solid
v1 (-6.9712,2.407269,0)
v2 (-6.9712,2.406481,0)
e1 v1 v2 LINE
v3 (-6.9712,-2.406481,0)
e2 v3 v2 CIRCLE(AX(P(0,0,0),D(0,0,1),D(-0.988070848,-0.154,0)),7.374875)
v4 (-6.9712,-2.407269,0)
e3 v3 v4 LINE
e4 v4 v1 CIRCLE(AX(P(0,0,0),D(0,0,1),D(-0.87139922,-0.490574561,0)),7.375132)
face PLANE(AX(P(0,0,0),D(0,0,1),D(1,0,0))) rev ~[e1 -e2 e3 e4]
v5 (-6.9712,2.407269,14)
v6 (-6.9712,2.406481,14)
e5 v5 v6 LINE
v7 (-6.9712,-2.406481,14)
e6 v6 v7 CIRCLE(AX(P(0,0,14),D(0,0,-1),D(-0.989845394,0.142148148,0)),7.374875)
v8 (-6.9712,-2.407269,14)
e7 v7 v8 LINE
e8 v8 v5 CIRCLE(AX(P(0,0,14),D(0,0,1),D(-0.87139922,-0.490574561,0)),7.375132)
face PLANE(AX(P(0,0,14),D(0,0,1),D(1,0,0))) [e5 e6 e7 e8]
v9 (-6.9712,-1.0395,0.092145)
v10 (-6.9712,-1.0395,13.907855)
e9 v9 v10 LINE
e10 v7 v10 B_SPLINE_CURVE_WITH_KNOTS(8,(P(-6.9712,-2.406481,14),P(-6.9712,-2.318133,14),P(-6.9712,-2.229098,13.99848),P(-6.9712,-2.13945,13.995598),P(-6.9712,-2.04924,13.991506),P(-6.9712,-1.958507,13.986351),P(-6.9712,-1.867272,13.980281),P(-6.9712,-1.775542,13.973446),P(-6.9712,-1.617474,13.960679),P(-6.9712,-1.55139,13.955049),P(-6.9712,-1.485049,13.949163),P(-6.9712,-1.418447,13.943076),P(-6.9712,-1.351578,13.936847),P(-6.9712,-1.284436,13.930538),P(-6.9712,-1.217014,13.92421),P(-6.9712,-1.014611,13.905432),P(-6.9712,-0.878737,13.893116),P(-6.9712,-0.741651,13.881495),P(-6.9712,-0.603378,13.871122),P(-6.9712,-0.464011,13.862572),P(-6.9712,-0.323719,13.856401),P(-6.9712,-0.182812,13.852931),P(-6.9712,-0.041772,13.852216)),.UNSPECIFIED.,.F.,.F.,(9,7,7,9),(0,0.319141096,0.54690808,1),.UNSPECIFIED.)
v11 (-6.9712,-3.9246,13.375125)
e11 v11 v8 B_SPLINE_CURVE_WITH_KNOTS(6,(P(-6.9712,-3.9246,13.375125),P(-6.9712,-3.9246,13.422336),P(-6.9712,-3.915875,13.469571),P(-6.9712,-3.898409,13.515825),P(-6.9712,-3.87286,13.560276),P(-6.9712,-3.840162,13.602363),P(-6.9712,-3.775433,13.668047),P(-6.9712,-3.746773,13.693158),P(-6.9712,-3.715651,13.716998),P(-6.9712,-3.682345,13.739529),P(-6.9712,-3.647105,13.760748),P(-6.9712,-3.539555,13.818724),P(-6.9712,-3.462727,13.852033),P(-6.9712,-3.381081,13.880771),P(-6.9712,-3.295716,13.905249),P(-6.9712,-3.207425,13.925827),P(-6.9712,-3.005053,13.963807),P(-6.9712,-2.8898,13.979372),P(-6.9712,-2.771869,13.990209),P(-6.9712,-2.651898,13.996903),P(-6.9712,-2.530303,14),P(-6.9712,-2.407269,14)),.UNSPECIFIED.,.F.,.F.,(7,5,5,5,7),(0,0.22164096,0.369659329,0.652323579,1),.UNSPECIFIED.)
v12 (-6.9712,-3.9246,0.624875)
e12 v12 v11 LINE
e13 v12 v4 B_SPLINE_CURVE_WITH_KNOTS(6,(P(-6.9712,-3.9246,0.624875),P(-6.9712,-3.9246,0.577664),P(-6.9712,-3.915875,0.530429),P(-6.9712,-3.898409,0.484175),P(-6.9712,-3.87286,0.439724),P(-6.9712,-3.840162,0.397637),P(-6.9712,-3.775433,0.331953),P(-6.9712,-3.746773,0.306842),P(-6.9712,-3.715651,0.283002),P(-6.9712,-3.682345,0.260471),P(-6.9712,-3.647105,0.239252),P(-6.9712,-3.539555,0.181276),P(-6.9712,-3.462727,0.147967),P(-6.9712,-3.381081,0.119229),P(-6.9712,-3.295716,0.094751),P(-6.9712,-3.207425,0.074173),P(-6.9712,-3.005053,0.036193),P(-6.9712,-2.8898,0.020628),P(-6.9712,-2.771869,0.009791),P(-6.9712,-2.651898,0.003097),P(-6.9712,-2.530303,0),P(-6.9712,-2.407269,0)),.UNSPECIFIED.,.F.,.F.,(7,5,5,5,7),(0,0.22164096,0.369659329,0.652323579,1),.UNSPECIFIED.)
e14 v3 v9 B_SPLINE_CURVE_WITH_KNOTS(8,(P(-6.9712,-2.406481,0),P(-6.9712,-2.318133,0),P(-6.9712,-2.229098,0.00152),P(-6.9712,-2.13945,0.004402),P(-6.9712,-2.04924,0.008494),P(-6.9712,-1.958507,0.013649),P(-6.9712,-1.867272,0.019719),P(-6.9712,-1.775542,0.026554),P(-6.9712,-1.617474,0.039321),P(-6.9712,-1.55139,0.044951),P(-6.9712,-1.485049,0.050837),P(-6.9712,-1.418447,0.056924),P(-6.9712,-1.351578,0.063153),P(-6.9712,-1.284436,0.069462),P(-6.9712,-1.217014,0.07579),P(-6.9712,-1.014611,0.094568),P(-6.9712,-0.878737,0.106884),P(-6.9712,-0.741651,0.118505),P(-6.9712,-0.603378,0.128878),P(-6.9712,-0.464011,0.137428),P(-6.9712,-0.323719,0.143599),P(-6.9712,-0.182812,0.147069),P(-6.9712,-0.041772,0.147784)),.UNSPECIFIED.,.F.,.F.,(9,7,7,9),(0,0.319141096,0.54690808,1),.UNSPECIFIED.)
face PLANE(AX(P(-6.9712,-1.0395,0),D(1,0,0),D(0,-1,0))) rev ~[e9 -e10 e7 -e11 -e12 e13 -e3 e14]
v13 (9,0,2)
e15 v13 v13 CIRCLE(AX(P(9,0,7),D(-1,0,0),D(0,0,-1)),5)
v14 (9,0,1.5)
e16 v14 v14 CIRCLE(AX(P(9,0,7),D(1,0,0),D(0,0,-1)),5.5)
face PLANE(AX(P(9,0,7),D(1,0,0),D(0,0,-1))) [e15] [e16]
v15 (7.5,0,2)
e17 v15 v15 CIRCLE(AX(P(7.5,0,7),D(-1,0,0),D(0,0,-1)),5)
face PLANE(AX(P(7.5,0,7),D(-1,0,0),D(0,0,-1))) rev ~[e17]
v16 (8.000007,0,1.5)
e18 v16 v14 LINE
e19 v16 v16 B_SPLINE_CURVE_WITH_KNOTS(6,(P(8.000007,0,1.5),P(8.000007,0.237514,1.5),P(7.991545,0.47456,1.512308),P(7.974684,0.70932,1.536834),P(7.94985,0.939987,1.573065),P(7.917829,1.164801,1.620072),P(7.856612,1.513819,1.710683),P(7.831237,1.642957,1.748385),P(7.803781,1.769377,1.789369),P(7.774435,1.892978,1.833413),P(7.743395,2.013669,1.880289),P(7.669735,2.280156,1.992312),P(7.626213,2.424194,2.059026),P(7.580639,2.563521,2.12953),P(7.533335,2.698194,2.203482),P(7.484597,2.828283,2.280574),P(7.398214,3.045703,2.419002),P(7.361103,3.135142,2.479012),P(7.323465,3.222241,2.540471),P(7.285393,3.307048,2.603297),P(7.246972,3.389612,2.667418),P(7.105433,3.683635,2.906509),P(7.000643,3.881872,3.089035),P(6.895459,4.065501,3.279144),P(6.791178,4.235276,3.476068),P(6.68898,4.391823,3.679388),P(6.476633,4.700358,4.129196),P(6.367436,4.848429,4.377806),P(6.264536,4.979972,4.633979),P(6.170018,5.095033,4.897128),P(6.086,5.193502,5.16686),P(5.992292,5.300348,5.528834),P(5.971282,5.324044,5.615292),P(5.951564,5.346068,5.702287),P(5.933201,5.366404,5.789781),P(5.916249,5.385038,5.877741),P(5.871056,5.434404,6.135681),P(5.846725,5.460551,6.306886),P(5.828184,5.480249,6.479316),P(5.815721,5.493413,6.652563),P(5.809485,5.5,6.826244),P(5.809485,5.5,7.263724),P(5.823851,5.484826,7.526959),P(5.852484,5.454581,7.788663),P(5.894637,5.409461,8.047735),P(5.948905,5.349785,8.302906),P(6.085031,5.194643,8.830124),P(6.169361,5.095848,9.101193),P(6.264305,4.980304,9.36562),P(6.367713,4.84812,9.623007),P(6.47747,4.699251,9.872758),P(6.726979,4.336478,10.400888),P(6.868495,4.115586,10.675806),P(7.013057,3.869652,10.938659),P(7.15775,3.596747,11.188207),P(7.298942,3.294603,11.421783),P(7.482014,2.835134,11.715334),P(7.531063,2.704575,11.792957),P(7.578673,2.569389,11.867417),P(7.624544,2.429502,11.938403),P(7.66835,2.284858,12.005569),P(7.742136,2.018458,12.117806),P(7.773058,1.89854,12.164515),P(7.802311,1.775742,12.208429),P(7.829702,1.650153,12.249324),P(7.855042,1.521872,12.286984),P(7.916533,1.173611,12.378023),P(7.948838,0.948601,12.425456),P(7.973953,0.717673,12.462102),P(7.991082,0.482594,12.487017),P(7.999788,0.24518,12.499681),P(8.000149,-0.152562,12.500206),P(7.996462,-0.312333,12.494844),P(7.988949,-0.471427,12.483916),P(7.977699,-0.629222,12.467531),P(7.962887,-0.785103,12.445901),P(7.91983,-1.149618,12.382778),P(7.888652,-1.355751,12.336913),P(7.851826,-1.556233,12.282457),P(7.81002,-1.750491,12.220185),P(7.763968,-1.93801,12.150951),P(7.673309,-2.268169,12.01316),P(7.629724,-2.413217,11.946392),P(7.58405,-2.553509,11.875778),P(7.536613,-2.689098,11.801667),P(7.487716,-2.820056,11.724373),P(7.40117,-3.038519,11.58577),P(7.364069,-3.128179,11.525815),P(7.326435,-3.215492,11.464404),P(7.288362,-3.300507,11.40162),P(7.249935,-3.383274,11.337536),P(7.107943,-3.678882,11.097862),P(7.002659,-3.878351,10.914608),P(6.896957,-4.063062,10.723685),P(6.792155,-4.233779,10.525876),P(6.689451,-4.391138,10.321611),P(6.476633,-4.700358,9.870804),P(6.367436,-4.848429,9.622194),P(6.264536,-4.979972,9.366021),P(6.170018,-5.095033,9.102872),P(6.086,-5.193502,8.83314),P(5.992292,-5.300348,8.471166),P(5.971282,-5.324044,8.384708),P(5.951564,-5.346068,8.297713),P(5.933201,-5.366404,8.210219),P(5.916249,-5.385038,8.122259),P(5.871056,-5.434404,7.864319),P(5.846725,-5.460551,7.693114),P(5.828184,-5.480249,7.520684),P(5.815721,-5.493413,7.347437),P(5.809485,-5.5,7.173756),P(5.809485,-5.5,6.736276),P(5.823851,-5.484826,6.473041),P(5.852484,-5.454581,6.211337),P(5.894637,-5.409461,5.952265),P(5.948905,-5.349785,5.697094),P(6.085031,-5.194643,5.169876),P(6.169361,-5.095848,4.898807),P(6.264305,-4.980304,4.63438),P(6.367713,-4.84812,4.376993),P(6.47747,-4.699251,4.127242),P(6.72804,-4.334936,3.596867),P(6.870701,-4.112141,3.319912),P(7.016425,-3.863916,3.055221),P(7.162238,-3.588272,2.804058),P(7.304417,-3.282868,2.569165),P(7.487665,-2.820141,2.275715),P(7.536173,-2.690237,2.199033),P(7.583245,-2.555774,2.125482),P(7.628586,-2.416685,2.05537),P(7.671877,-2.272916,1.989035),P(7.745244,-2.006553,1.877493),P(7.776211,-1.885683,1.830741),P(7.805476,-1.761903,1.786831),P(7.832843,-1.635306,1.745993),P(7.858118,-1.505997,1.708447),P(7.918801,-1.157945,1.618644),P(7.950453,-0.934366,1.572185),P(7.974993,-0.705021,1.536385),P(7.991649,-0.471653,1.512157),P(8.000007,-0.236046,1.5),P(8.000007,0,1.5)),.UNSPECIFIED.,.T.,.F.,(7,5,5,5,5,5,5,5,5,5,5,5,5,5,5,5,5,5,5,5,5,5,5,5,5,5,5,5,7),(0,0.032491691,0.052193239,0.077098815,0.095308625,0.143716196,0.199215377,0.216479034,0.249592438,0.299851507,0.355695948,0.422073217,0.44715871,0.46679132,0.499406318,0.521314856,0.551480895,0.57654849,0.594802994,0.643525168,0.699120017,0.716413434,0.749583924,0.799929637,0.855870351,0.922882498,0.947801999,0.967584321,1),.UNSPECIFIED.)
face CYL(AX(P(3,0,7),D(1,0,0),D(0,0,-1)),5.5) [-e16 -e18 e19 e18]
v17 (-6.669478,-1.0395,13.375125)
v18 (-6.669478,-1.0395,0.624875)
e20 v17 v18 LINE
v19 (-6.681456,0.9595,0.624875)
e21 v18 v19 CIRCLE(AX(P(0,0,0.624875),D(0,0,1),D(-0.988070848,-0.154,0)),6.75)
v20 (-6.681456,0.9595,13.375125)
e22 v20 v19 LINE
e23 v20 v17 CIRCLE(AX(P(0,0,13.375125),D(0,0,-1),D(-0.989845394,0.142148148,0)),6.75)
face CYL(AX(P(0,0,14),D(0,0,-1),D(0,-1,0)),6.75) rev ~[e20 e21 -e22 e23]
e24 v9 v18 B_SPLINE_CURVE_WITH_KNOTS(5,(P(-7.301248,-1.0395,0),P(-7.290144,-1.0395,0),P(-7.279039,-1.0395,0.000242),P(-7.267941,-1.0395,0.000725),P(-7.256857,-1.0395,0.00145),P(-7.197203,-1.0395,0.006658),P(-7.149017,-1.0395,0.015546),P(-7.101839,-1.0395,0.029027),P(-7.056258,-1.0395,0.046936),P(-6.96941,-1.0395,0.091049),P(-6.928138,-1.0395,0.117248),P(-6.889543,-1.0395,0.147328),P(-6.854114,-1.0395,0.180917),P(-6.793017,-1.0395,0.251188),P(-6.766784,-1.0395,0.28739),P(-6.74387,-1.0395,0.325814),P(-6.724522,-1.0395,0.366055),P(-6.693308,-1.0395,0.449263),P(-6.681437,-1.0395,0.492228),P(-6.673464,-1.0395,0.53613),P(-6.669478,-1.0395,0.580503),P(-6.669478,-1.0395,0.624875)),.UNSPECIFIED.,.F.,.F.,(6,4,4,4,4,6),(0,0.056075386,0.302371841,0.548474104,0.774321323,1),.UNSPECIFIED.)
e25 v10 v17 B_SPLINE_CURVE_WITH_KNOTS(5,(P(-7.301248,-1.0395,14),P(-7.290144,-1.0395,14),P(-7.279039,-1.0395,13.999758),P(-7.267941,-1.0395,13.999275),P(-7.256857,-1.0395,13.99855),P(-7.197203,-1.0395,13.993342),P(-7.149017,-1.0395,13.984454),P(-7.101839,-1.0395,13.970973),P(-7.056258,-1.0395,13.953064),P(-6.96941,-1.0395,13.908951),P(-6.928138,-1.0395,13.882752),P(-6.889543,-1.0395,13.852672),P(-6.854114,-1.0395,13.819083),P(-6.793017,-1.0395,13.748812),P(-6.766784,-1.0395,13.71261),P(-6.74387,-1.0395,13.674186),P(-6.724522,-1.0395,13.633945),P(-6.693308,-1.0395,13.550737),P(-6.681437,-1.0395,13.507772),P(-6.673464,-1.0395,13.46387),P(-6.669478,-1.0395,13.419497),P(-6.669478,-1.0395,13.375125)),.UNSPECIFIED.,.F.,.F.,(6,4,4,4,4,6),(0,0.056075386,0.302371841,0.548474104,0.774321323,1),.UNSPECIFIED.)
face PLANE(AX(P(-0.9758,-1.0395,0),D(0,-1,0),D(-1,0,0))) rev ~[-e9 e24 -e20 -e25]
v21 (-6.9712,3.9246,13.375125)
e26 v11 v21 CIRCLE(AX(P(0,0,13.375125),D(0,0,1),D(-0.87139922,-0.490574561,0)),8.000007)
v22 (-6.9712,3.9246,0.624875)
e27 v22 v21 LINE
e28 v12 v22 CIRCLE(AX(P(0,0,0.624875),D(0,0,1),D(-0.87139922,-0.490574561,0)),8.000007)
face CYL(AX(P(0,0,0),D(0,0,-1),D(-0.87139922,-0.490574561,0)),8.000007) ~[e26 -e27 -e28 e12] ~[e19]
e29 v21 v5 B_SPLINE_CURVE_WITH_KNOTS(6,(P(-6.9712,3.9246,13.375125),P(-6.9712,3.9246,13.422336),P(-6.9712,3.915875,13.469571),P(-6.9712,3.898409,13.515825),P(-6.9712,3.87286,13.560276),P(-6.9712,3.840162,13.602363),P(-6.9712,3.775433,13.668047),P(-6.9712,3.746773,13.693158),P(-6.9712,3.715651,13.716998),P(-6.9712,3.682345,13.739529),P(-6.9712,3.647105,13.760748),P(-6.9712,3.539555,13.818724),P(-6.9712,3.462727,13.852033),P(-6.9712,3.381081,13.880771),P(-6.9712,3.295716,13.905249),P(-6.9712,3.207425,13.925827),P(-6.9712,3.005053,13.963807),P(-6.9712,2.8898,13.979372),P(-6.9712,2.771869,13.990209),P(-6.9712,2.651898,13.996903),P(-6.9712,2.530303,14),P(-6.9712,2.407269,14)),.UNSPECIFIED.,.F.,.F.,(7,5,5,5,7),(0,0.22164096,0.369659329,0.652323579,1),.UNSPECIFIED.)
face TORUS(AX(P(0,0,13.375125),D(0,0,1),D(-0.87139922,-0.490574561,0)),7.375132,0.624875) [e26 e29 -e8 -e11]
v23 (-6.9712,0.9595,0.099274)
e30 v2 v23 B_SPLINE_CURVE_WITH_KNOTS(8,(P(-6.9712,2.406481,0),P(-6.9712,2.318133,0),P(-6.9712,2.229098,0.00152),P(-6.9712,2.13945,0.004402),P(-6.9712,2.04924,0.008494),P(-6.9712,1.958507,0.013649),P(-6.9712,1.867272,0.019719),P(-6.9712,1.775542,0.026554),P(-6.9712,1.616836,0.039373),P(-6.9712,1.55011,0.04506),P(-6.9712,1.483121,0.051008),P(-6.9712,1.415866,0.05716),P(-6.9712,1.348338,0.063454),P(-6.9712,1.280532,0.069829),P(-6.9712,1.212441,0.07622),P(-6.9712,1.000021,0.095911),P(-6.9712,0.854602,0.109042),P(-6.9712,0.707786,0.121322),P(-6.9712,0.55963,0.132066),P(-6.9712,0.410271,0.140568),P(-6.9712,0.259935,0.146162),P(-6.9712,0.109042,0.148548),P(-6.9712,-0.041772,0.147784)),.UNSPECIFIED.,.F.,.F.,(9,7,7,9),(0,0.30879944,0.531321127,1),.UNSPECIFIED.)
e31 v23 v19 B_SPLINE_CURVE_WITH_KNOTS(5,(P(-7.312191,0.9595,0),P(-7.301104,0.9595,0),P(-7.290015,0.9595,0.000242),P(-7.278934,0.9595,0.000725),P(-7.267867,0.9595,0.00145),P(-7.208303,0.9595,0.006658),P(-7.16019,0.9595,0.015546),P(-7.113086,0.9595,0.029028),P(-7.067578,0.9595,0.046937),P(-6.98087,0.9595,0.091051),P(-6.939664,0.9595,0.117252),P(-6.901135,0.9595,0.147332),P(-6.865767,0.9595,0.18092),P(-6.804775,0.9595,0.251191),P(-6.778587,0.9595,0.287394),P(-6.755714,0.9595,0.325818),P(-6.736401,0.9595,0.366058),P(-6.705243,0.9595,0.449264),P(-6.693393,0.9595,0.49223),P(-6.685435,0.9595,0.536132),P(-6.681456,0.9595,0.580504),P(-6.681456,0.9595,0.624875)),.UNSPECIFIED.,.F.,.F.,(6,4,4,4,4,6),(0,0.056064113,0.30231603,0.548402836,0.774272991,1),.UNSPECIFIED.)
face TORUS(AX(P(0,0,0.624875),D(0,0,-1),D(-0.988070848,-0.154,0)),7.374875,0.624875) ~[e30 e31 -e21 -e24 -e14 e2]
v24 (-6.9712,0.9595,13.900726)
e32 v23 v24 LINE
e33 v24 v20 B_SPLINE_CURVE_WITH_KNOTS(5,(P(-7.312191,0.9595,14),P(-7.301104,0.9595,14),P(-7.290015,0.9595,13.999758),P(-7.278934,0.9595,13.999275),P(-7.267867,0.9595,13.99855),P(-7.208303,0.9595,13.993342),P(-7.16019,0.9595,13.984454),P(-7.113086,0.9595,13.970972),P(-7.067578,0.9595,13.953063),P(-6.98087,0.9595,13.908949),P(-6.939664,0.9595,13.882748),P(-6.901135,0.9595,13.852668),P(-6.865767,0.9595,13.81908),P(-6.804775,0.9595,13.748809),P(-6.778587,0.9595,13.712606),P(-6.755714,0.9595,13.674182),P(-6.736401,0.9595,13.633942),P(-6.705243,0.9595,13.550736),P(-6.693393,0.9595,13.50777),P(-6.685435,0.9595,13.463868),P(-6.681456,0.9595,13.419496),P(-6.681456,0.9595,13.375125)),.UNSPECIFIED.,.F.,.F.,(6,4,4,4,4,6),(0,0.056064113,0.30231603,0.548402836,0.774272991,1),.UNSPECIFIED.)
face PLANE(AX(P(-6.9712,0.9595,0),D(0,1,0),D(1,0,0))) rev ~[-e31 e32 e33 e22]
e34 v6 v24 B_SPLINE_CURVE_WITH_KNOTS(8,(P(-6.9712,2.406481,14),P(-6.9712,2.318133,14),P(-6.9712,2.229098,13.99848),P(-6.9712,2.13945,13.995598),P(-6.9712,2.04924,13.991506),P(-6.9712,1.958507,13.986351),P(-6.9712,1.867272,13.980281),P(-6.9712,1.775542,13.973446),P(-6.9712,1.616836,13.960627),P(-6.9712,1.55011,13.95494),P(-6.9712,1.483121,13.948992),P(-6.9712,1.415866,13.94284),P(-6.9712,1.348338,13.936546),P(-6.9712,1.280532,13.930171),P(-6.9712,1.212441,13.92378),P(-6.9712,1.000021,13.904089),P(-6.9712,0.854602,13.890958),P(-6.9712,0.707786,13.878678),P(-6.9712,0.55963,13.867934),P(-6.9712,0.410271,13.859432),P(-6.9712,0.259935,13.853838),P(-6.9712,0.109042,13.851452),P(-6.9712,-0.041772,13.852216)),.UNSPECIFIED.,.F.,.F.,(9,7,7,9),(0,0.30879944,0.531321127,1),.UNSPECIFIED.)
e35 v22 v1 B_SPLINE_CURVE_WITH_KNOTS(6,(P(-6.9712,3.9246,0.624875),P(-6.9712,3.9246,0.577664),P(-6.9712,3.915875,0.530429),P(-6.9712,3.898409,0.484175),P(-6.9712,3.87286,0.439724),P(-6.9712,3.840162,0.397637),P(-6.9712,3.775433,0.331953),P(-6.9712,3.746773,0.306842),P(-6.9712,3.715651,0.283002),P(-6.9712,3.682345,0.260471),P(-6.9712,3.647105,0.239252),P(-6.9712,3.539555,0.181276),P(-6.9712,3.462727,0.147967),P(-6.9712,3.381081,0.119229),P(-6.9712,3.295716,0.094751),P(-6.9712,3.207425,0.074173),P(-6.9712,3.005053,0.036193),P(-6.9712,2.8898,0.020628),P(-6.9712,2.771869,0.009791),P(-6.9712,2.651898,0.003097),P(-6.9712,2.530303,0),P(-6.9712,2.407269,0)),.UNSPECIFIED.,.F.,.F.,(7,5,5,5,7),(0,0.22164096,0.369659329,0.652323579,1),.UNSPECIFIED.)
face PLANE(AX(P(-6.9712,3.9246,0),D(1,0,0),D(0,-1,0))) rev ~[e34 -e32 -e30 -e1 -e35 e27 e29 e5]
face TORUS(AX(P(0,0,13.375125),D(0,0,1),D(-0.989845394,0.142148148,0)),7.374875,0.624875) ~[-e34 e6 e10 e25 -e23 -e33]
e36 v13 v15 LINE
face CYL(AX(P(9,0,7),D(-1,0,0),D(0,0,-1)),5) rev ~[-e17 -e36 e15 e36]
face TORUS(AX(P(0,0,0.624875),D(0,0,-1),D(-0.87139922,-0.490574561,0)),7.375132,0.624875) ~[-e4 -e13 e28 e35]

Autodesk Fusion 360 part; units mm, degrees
sketch "スケッチ4" plane through (0, 0, 0) normal (0, 0, 1) x (1, 0, 0) in component "指輪"
  arc A0 (-6.9712, -3.9246) -> (-6.9712, 3.9246) centre (0, 0) ccw
  line L0 (-6.9712, 0.9595) -> (-0.9758, 0.9595)
  line L1 (-0.9758, 0.9595) -> (-0.9758, -1.0395)
  line L2 (-0.9758, -1.0395) -> (-6.9712, -1.0395)
  line L3 (-6.9712, 3.9246) -> (-6.9712, 0.9595)
  line L4 (-6.9712, -1.0395) -> (-6.9712, -3.9246)
  dimension "d29" = 16
extrude "押し出し1" add sketch "スケッチ4" along normal blind 14 makes body 1 in component "指輪"
cylinder "円柱プリミティブ1" add diameter 11 height 6 placed x (0, 0, -1) y (0, 1, 0) z (1, 0, 0) at (0, 23.0583, 6.8926) separate body makes body 2
move_body "移動1" bodies 2 to x (1, 0, 0) y (0, 1, 0) z (0, 0, 1) at (0, -23.0583, -6.8926)
move_body "移動2" bodies 2 to x (1, 0, 0) y (0, 1, 0) z (0, 0, 1) at (3, 0, 7)
combine "結合2" operation add target body 1 tool bodies 2 in component "指輪"
hole "穴4" at (0, 0, 14) direction (0, 0, -1) diameter 13.5 depth 15 tip angle 180 bodies 1 in component "指輪"
hole "穴6" at (9, 0, 7) direction (-1, 0, 0) diameter 10 depth 1.5 tip angle 180 bodies 1 in component "指輪"
fillet "フィレット4" radius 0.625 4 edges at (8, 0, 14) (6.7499, 0.0404, 14) (8, 0, 0) (6.7499, 0.0404, 0) on bodies 1 in component "指輪"
component "指輪" placed x (1, 0, 0) y (0, 1, 0) z (0, 0, 1) at (0, 0, 0)
